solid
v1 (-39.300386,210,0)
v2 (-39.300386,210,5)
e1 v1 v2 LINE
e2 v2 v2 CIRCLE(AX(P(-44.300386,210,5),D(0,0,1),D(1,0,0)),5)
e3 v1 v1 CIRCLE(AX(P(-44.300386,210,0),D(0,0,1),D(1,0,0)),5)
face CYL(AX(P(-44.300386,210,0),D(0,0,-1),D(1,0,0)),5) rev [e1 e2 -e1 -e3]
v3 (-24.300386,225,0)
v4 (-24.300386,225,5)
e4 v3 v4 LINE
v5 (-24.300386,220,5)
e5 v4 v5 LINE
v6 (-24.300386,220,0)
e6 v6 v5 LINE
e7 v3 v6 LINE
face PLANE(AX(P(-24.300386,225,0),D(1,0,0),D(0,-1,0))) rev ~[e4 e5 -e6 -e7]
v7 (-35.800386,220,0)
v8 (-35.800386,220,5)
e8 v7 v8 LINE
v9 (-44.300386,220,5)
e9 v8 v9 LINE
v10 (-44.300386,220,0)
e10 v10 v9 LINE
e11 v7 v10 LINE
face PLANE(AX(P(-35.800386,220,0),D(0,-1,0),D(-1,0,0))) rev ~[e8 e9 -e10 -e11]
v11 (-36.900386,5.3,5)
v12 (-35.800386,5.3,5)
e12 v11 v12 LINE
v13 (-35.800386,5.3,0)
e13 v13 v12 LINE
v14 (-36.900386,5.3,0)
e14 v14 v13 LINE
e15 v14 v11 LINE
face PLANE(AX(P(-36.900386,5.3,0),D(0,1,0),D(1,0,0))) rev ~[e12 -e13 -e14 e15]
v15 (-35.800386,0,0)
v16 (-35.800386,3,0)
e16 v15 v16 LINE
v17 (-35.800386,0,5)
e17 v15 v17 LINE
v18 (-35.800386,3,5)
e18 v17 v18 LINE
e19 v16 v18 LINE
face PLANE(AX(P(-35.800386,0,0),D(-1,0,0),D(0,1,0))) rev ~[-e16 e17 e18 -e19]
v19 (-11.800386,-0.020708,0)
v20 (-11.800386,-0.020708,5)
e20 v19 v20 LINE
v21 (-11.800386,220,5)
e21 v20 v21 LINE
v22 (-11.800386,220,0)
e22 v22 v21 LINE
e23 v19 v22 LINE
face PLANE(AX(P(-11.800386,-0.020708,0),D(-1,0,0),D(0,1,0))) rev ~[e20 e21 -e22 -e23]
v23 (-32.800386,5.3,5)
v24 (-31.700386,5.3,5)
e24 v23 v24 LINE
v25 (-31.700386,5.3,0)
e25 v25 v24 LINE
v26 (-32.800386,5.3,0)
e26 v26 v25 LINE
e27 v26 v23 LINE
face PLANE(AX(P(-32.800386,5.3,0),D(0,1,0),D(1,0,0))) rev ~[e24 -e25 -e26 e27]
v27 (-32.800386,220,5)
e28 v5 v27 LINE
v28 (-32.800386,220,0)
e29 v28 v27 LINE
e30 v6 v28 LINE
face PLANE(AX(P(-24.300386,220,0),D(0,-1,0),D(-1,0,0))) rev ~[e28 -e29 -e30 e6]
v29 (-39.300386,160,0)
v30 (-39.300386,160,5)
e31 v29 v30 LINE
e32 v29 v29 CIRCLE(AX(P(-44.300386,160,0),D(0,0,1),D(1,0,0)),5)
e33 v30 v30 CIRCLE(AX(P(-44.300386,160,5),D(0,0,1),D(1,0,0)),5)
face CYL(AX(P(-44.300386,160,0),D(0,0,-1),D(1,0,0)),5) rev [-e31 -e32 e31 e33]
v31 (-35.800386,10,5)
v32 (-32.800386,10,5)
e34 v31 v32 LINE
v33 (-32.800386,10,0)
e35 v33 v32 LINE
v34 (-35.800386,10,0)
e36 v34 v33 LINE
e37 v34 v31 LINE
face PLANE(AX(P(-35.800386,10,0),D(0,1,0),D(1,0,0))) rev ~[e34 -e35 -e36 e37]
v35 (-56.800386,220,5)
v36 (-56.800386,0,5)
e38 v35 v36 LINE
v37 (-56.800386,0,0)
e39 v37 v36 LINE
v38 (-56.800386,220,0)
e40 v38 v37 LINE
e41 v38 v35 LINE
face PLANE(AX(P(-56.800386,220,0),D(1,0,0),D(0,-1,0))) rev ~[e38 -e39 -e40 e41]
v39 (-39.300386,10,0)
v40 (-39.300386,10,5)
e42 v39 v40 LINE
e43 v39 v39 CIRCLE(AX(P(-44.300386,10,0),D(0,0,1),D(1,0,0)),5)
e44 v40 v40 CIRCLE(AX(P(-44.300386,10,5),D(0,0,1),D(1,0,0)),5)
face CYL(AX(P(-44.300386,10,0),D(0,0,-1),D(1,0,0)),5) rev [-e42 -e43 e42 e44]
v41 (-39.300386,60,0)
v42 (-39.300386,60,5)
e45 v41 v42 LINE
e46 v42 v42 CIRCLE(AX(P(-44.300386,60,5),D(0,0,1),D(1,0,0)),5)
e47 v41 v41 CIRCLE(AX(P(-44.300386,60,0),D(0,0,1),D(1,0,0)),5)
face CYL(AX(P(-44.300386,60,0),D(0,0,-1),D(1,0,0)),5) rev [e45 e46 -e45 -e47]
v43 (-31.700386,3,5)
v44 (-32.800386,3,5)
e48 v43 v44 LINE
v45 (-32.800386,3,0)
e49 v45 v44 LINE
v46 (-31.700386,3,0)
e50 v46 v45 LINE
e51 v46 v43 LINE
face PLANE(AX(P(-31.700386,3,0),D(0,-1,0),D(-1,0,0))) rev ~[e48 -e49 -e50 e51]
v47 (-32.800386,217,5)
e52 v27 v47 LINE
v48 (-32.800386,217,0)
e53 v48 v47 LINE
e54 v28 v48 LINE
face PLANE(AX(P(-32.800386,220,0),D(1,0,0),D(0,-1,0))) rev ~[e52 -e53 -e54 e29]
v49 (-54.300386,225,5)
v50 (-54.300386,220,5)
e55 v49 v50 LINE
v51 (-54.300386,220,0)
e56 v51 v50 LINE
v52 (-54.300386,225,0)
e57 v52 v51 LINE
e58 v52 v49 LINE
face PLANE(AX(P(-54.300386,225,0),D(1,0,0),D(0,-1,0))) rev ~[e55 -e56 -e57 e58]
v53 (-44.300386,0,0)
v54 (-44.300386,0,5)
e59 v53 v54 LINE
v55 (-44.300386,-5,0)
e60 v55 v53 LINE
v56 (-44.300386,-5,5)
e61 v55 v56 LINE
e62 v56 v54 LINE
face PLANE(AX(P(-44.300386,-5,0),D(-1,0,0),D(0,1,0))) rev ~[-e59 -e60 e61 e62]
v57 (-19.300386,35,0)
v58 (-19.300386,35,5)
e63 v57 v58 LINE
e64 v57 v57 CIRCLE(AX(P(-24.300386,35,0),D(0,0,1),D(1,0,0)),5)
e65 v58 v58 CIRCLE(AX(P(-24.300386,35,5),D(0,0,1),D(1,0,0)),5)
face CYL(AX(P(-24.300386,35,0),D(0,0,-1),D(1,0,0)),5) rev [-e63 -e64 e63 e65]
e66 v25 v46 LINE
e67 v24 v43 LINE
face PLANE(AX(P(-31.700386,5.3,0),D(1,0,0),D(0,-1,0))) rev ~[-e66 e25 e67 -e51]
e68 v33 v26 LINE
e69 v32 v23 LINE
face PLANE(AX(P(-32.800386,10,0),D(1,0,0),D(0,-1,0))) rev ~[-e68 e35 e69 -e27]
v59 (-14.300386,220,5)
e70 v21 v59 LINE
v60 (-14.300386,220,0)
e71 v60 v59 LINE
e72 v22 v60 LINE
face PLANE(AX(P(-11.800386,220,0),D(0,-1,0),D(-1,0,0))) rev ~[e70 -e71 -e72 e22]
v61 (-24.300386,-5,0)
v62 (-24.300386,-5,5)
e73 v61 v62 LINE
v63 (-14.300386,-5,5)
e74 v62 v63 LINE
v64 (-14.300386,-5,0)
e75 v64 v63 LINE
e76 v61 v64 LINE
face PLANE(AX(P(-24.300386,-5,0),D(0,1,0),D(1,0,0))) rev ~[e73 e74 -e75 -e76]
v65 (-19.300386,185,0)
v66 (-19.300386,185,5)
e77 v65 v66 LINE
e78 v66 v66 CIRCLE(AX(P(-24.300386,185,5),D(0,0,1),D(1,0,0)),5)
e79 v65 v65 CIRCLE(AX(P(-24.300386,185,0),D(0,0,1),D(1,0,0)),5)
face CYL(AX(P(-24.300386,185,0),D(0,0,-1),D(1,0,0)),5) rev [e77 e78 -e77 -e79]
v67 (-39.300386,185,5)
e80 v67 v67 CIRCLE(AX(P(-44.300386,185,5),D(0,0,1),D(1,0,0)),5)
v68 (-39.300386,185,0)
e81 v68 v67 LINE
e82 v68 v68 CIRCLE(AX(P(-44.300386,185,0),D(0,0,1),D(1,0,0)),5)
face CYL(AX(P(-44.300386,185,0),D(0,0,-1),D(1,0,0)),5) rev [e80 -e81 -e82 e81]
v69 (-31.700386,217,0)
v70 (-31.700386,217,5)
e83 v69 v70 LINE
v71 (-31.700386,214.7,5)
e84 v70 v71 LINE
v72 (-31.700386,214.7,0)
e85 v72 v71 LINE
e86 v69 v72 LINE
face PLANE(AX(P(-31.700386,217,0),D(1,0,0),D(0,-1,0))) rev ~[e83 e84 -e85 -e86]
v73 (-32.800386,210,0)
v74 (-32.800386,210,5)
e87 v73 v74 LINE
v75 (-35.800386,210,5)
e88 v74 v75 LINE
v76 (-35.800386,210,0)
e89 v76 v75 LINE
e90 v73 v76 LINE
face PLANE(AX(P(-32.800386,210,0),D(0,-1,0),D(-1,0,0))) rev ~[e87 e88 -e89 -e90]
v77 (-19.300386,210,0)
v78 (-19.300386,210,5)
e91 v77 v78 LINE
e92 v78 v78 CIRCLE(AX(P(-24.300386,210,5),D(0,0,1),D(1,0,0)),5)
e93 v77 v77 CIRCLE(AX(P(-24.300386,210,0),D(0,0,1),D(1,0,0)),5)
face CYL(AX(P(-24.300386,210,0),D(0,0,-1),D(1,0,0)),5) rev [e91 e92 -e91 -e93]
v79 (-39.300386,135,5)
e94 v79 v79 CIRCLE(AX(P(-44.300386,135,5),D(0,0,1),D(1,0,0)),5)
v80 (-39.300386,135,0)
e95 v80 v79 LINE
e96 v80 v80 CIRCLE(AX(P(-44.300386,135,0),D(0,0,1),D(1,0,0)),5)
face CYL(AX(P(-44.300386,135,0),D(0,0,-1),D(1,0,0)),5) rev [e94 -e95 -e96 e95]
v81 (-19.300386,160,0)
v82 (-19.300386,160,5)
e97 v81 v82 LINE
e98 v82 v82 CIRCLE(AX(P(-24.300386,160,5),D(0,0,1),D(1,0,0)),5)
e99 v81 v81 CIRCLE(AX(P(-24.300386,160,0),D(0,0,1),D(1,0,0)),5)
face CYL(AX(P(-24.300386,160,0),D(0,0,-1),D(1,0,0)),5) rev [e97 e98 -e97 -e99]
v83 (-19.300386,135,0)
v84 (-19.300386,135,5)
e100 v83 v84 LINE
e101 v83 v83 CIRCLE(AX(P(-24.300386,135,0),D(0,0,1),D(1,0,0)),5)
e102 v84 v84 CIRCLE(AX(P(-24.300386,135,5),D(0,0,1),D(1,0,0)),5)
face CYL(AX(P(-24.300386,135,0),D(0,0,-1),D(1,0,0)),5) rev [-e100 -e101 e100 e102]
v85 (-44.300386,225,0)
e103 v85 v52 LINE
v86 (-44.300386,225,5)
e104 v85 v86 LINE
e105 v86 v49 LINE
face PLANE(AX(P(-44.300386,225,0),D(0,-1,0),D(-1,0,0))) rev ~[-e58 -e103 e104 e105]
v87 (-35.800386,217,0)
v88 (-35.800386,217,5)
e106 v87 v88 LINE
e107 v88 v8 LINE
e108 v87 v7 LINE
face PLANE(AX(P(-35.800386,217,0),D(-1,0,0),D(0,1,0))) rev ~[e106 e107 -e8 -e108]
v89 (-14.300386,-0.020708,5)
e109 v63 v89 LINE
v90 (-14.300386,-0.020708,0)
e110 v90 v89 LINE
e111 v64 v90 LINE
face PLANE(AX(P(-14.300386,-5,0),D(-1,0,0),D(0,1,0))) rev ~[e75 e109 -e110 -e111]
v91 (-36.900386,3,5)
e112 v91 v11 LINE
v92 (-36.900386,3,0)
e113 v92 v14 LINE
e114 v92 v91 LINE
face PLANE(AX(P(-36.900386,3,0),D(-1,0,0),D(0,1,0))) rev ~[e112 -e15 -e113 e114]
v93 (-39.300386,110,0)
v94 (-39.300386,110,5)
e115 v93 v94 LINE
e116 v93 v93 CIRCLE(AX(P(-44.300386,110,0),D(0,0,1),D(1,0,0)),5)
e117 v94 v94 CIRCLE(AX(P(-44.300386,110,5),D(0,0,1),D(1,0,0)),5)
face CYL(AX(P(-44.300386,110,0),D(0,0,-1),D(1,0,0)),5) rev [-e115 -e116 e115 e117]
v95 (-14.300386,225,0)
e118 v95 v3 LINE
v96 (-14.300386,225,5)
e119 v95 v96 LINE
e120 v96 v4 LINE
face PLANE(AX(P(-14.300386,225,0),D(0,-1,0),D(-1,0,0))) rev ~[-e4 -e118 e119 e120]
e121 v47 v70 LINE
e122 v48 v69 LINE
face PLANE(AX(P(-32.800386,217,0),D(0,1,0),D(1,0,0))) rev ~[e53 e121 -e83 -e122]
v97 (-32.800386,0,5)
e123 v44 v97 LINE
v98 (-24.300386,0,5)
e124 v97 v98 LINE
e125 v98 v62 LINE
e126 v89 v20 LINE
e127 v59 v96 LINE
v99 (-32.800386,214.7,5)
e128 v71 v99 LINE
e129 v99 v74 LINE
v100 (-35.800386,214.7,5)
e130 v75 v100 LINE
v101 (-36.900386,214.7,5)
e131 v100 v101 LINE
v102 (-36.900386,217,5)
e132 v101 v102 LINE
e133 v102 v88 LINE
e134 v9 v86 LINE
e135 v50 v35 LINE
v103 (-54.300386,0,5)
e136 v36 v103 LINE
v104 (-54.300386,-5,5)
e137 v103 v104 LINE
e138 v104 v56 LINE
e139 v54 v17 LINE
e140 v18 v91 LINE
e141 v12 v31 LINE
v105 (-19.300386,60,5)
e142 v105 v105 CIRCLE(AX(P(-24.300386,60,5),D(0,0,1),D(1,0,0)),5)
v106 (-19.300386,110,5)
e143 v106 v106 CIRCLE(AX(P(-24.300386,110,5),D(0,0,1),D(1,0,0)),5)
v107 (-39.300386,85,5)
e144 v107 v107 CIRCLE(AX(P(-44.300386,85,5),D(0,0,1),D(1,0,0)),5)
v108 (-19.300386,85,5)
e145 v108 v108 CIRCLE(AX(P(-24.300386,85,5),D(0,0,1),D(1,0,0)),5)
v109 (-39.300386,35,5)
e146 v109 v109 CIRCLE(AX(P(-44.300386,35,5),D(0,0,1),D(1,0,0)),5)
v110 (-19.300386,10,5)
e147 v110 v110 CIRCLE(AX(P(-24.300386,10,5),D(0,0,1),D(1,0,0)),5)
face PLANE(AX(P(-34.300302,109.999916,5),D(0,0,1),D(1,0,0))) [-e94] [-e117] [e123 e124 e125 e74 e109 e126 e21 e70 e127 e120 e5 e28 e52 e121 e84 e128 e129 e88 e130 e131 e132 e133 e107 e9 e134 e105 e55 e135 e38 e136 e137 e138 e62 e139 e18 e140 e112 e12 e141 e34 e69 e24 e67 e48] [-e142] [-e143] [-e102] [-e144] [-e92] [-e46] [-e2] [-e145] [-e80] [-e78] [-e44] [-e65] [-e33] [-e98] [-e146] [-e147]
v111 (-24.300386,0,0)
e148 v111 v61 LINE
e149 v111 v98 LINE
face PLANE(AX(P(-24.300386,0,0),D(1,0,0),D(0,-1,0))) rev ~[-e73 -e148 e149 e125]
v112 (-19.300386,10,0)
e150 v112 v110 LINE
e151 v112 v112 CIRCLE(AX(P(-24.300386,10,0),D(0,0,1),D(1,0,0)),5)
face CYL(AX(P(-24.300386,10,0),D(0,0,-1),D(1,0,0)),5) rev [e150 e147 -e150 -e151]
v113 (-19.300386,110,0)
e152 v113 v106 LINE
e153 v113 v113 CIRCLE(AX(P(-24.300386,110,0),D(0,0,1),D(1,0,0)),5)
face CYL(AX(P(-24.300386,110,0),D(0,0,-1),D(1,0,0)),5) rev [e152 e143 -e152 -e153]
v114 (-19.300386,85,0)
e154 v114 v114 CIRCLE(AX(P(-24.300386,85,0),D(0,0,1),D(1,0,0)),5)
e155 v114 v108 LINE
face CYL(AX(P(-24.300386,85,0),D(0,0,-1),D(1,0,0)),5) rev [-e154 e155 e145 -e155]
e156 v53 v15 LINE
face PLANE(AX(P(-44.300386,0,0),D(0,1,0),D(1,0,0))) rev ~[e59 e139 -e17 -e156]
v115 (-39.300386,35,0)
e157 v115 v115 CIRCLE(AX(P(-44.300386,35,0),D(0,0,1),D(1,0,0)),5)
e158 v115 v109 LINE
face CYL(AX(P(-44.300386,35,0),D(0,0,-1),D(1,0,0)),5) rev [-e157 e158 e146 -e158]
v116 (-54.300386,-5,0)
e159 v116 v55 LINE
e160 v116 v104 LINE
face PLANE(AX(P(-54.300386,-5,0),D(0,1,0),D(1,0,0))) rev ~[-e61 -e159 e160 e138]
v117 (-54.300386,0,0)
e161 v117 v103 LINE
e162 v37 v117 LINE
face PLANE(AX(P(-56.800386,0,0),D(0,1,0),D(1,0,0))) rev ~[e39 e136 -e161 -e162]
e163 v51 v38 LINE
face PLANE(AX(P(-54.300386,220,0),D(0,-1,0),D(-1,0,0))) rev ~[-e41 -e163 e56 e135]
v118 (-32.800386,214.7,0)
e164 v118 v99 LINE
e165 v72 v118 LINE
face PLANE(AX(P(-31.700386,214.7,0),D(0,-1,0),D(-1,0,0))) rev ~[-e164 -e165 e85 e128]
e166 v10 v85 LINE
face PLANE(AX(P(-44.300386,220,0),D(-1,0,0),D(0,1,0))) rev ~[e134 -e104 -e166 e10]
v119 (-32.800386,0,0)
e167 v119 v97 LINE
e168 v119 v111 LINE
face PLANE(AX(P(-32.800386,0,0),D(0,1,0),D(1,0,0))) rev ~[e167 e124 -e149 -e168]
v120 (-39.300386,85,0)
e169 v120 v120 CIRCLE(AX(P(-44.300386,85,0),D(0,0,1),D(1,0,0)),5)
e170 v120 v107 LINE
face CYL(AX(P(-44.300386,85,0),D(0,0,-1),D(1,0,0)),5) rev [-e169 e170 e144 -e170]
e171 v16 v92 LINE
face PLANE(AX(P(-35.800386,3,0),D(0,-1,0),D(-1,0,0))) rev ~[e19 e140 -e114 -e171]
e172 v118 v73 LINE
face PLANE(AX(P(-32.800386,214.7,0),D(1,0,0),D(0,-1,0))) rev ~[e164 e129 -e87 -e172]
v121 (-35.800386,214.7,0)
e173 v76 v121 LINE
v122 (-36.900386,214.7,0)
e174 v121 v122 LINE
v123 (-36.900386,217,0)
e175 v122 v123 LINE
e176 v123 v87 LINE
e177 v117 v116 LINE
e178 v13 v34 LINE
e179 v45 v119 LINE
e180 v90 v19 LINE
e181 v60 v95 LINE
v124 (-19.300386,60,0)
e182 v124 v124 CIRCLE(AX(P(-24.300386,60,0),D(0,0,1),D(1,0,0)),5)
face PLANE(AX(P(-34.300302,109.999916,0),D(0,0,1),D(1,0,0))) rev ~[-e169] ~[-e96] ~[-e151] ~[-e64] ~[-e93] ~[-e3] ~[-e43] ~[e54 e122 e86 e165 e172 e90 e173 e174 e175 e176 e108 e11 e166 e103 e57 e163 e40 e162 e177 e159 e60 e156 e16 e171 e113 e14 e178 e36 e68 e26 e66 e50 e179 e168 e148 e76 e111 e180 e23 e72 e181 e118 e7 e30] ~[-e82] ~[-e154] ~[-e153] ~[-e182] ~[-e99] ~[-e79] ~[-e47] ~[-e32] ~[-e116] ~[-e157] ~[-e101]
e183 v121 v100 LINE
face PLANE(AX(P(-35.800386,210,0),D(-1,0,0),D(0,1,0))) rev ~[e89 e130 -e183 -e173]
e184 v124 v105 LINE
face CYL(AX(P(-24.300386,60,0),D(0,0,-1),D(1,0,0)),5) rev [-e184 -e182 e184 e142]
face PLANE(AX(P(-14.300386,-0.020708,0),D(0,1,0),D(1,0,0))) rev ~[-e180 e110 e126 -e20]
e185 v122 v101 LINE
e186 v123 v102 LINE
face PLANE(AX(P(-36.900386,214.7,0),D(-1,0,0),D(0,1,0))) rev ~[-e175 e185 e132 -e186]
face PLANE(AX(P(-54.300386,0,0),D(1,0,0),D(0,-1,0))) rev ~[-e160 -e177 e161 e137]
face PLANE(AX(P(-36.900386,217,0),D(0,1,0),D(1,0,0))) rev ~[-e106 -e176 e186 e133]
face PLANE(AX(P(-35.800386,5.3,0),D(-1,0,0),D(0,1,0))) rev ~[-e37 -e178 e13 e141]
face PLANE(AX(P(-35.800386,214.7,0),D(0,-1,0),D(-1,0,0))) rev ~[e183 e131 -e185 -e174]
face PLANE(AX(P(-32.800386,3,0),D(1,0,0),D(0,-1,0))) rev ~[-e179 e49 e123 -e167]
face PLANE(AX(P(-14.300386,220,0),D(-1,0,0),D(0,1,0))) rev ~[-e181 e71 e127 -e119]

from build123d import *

# Parameters (mm, degrees)
SKETCH1_R           = 5
BOSS_EXTRUDE1_DEPTH = 5


with BuildPart() as part:
    # Sketch1 → Boss-Extrude1 (new body)
    with BuildSketch(Plane.XY):
        Polygon((-56.800385751, 0), (-54.300385751, 0), (-54.300385751, -5), (-44.300385751, -5), (-44.300385751, 0), (-35.800385751, 0), (-35.800385751, 3), (-36.900385751, 3), (-36.900385751, 5.3), (-35.800385751, 5.3), (-35.800385751, 10), (-32.800385751, 10), (-32.800385751, 5.3), (-31.700385751, 5.3), (-31.700385751, 3), (-32.800385751, 3), (-32.800385751, 0), (-24.300385751, 0), (-24.300385751, -5), (-14.300385751, -5), (-14.300385751, -0.020707798), (-11.800385751, -0.020707798), (-11.800385751, 220), (-14.300385751, 220), (-14.300385751, 225), (-24.300385751, 225), (-24.300385751, 220), (-32.800385751, 220), (-32.800385751, 217), (-31.700385751, 217), (-31.700385751, 214.7), (-32.800385751, 214.7), (-32.800385751, 210), (-35.800385751, 210), (-35.800385751, 214.7), (-36.900385751, 214.7), (-36.900385751, 217), (-35.800385751, 217), (-35.800385751, 220), (-44.300385751, 220), (-44.300385751, 225), (-54.300385751, 225), (-54.300385751, 220), (-56.800385751, 220), align=None)
        with Locations((-44.300385751, 210)):
            Circle(SKETCH1_R, mode=Mode.SUBTRACT)
        with Locations((-24.300385751, 210)):
            Circle(SKETCH1_R, mode=Mode.SUBTRACT)
        with Locations((-24.300385751, 185)):
            Circle(SKETCH1_R, mode=Mode.SUBTRACT)
        with Locations((-24.300385751, 160)):
            Circle(SKETCH1_R, mode=Mode.SUBTRACT)
        with Locations((-24.300385751, 135)):
            Circle(SKETCH1_R, mode=Mode.SUBTRACT)
        with Locations((-24.300385751, 110)):
            Circle(SKETCH1_R, mode=Mode.SUBTRACT)
        with Locations((-24.300385751, 85)):
            Circle(SKETCH1_R, mode=Mode.SUBTRACT)
        with Locations((-24.300385751, 60)):
            Circle(SKETCH1_R, mode=Mode.SUBTRACT)
        with Locations((-24.300385751, 35)):
            Circle(SKETCH1_R, mode=Mode.SUBTRACT)
        with Locations((-24.300385751, 10)):
            Circle(SKETCH1_R, mode=Mode.SUBTRACT)
        with Locations((-44.300385751, 185)):
            Circle(SKETCH1_R, mode=Mode.SUBTRACT)
        with Locations((-44.300385751, 160)):
            Circle(SKETCH1_R, mode=Mode.SUBTRACT)
        with Locations((-44.300385751, 135)):
            Circle(SKETCH1_R, mode=Mode.SUBTRACT)
        with Locations((-44.300385751, 110)):
            Circle(SKETCH1_R, mode=Mode.SUBTRACT)
        with Locations((-44.300385751, 85)):
            Circle(SKETCH1_R, mode=Mode.SUBTRACT)
        with Locations((-44.300385751, 60)):
            Circle(SKETCH1_R, mode=Mode.SUBTRACT)
        with Locations((-44.300385751, 35)):
            Circle(SKETCH1_R, mode=Mode.SUBTRACT)
        with Locations((-44.300385751, 10)):
            Circle(SKETCH1_R, mode=Mode.SUBTRACT)
    extrude(amount=BOSS_EXTRUDE1_DEPTH)


solid = part.part
